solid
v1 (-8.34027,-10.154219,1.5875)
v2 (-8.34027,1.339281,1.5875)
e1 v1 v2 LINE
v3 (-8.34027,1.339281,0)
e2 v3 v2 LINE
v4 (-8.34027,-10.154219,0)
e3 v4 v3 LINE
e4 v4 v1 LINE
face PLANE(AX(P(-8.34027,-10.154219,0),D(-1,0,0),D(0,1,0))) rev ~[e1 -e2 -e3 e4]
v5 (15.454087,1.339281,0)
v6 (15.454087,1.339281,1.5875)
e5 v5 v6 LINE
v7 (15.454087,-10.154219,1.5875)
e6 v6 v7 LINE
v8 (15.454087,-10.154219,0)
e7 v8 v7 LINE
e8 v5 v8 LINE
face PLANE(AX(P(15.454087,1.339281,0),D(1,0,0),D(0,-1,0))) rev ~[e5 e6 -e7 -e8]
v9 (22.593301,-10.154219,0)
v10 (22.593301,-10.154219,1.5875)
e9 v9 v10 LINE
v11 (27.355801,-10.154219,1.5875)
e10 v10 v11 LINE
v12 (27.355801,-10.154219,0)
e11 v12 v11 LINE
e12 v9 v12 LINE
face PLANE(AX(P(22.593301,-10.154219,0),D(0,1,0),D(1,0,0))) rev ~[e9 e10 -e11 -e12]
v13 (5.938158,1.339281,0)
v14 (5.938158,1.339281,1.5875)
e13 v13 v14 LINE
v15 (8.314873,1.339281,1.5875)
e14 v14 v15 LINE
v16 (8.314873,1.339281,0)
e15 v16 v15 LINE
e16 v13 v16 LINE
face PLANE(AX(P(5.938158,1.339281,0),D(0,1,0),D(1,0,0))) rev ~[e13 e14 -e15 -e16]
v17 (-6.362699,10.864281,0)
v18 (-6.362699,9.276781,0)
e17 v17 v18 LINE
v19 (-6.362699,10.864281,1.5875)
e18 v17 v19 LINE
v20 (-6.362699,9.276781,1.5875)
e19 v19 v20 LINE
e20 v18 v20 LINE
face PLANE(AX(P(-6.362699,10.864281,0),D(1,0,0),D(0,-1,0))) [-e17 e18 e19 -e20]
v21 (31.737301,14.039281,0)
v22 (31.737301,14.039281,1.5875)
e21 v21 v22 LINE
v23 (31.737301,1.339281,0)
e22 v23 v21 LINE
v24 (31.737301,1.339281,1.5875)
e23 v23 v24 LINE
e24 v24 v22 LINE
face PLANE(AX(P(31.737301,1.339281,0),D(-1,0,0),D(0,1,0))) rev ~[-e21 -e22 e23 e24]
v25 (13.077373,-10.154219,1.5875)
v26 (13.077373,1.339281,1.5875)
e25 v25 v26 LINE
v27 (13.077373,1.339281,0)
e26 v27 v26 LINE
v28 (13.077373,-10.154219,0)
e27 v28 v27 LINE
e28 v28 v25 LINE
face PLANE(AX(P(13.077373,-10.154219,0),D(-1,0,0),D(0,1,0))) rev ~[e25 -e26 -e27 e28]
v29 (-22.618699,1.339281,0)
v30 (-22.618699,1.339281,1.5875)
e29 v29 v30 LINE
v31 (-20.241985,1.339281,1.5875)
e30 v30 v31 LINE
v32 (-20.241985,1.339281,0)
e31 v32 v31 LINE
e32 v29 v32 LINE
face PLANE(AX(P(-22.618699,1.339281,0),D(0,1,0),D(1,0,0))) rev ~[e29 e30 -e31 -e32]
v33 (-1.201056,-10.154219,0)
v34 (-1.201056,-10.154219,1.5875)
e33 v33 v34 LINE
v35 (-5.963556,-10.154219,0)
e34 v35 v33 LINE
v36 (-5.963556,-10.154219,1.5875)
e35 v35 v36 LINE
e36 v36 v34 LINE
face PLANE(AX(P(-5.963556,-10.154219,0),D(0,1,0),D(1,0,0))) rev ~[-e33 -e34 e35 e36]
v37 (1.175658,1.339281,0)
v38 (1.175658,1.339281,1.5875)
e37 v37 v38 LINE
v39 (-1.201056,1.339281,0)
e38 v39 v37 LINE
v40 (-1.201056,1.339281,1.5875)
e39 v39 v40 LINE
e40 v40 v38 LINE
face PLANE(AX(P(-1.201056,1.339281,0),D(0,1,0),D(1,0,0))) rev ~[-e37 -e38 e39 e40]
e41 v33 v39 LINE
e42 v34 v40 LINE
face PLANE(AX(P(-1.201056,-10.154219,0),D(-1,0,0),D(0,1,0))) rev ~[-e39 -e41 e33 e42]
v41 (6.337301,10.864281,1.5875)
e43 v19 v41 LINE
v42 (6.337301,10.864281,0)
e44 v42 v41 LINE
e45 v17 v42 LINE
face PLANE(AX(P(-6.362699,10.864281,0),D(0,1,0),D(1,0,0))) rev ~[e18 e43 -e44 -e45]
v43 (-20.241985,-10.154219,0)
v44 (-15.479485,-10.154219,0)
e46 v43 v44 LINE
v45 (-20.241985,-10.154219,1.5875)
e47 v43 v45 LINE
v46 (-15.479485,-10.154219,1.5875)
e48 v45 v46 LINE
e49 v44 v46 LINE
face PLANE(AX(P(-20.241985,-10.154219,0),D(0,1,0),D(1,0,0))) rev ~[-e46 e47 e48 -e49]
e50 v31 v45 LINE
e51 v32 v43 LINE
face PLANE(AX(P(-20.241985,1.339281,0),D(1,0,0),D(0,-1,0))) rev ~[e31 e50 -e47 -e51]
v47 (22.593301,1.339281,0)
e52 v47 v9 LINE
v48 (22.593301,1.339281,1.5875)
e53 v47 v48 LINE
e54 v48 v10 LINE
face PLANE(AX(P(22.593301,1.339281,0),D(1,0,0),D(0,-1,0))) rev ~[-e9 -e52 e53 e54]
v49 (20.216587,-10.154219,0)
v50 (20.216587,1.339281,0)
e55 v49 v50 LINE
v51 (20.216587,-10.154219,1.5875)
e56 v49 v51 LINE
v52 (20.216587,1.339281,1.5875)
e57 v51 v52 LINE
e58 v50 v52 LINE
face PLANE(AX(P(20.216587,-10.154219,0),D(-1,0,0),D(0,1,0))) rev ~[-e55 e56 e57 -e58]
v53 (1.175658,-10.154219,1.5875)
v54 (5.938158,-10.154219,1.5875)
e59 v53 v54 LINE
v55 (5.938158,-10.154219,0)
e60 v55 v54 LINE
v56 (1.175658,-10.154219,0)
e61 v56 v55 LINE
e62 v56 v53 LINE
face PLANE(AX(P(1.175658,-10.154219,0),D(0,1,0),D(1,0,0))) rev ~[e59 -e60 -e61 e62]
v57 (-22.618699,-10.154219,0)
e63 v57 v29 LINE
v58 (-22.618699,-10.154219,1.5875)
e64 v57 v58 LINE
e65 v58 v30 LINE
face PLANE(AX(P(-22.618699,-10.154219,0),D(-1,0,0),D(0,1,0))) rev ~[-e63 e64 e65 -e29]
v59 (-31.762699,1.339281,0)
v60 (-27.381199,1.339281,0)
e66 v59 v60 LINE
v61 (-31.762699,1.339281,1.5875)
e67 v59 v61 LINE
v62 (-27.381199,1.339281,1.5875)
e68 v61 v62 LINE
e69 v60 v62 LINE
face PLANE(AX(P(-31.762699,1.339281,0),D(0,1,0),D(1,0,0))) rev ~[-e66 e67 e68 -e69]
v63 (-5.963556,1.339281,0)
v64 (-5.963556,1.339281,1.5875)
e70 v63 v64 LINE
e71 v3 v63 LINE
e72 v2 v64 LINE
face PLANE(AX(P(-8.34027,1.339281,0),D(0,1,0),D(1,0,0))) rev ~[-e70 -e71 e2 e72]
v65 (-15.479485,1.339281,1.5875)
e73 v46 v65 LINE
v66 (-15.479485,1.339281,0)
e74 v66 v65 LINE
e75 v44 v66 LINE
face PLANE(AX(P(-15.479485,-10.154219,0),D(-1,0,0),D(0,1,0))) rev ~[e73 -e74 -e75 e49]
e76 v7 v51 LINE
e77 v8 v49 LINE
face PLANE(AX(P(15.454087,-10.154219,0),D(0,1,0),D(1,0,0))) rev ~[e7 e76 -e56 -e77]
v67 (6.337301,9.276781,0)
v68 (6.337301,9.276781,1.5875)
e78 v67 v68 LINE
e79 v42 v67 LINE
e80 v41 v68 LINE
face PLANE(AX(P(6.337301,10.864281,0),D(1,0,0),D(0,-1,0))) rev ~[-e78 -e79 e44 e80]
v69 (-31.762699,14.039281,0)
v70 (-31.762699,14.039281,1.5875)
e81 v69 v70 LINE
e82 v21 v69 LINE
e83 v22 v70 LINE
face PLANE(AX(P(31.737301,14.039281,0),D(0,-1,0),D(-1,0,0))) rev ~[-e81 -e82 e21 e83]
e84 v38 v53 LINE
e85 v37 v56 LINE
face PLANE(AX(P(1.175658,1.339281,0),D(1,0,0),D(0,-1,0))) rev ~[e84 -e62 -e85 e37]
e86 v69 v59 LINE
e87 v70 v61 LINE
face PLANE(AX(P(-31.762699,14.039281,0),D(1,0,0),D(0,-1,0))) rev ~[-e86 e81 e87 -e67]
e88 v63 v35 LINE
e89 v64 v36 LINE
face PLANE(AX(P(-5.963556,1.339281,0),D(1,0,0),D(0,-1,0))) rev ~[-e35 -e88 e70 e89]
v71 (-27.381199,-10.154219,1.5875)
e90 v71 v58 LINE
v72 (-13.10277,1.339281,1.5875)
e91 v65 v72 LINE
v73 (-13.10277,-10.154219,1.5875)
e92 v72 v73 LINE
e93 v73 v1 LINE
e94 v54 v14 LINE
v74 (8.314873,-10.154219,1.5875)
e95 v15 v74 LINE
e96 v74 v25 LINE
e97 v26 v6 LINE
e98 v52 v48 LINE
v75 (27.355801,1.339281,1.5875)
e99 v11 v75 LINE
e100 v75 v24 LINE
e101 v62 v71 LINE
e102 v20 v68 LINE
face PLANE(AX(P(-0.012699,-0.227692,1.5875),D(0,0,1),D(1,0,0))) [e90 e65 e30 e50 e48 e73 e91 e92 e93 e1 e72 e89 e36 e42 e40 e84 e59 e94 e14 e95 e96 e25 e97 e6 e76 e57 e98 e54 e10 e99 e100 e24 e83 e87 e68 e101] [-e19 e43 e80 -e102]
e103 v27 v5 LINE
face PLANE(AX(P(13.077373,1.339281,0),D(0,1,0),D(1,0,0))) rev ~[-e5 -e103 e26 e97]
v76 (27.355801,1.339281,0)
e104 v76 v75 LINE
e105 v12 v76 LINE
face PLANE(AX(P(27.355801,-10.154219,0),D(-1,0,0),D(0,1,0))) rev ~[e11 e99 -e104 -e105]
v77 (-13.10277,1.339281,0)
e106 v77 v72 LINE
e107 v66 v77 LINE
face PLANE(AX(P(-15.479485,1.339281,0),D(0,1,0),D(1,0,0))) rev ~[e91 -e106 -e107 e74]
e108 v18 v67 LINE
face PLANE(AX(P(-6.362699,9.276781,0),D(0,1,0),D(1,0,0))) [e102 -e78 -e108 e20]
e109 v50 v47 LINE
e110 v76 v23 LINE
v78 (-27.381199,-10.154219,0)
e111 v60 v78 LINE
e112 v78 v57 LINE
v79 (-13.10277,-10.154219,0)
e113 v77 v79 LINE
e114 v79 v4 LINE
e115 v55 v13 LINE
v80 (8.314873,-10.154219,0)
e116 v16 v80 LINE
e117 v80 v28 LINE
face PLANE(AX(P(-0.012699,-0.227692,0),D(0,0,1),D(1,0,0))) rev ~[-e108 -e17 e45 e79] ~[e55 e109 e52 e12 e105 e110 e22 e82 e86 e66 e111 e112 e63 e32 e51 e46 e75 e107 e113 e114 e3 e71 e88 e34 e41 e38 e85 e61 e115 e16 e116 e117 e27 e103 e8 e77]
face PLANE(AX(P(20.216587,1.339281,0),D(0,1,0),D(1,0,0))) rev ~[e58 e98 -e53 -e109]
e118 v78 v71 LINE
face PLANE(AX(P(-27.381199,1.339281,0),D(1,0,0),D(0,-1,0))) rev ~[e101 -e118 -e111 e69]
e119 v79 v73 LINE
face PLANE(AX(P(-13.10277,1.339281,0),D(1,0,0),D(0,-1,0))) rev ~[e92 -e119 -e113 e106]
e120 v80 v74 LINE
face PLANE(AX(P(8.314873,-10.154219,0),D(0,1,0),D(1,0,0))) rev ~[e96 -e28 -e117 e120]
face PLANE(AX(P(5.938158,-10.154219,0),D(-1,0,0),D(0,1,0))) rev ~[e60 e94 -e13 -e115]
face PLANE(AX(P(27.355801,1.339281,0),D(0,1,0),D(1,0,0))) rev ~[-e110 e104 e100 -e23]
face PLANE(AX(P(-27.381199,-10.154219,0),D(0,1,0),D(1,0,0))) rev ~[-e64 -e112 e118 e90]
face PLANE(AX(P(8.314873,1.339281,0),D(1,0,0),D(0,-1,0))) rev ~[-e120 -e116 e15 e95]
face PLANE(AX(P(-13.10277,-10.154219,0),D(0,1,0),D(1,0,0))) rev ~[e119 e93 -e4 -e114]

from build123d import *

# Parameters (mm, degrees)
F1_DEPTH = 1.5875
F2_W     = 12.7
F2_H     = 1.5875
F3_DEPTH = 1.5875


with BuildPart() as f1:
    # F0 (on Top) → F1 (new body)
    with BuildSketch(Plane.XY):
        Polygon((31.737301, 1.339281), (31.737301, 14.039281), (-31.762699, 14.039281), (-31.762699, 1.339281), (-27.381199, 1.339281), (-27.381199, -10.154219), (-22.618699, -10.154219), (-22.618699, 1.339281), (-20.241985, 1.339281), (-20.241985, -10.154219), (-15.479485, -10.154219), (-15.479485, 1.339281), (-13.10277, 1.339281), (-13.10277, -10.154219), (-8.34027, -10.154219), (-8.34027, 1.339281), (-5.963556, 1.339281), (-5.963556, -10.154219), (-1.201056, -10.154219), (-1.201056, 1.339281), (1.175658, 1.339281), (1.175658, -10.154219), (5.938158, -10.154219), (5.938158, 1.339281), (8.314873, 1.339281), (8.314873, -10.154219), (13.077373, -10.154219), (13.077373, 1.339281), (15.454087, 1.339281), (15.454087, -10.154219), (20.216587, -10.154219), (20.216587, 1.339281), (22.593301, 1.339281), (22.593301, -10.154219), (27.355801, -10.154219), (27.355801, 1.339281), align=None)
    extrude(amount=F1_DEPTH)

    # F2 (on face) → F3 (cut, through all)
    with BuildSketch(Plane(origin=(0, 0, 0), x_dir=(1, 0, 0), z_dir=(0, 0, -1))):
        with Locations((-0.012699, -10.070531)):
            Rectangle(F2_W, F2_H)
    extrude(amount=-F3_DEPTH, mode=Mode.SUBTRACT)


solid = f1.part
